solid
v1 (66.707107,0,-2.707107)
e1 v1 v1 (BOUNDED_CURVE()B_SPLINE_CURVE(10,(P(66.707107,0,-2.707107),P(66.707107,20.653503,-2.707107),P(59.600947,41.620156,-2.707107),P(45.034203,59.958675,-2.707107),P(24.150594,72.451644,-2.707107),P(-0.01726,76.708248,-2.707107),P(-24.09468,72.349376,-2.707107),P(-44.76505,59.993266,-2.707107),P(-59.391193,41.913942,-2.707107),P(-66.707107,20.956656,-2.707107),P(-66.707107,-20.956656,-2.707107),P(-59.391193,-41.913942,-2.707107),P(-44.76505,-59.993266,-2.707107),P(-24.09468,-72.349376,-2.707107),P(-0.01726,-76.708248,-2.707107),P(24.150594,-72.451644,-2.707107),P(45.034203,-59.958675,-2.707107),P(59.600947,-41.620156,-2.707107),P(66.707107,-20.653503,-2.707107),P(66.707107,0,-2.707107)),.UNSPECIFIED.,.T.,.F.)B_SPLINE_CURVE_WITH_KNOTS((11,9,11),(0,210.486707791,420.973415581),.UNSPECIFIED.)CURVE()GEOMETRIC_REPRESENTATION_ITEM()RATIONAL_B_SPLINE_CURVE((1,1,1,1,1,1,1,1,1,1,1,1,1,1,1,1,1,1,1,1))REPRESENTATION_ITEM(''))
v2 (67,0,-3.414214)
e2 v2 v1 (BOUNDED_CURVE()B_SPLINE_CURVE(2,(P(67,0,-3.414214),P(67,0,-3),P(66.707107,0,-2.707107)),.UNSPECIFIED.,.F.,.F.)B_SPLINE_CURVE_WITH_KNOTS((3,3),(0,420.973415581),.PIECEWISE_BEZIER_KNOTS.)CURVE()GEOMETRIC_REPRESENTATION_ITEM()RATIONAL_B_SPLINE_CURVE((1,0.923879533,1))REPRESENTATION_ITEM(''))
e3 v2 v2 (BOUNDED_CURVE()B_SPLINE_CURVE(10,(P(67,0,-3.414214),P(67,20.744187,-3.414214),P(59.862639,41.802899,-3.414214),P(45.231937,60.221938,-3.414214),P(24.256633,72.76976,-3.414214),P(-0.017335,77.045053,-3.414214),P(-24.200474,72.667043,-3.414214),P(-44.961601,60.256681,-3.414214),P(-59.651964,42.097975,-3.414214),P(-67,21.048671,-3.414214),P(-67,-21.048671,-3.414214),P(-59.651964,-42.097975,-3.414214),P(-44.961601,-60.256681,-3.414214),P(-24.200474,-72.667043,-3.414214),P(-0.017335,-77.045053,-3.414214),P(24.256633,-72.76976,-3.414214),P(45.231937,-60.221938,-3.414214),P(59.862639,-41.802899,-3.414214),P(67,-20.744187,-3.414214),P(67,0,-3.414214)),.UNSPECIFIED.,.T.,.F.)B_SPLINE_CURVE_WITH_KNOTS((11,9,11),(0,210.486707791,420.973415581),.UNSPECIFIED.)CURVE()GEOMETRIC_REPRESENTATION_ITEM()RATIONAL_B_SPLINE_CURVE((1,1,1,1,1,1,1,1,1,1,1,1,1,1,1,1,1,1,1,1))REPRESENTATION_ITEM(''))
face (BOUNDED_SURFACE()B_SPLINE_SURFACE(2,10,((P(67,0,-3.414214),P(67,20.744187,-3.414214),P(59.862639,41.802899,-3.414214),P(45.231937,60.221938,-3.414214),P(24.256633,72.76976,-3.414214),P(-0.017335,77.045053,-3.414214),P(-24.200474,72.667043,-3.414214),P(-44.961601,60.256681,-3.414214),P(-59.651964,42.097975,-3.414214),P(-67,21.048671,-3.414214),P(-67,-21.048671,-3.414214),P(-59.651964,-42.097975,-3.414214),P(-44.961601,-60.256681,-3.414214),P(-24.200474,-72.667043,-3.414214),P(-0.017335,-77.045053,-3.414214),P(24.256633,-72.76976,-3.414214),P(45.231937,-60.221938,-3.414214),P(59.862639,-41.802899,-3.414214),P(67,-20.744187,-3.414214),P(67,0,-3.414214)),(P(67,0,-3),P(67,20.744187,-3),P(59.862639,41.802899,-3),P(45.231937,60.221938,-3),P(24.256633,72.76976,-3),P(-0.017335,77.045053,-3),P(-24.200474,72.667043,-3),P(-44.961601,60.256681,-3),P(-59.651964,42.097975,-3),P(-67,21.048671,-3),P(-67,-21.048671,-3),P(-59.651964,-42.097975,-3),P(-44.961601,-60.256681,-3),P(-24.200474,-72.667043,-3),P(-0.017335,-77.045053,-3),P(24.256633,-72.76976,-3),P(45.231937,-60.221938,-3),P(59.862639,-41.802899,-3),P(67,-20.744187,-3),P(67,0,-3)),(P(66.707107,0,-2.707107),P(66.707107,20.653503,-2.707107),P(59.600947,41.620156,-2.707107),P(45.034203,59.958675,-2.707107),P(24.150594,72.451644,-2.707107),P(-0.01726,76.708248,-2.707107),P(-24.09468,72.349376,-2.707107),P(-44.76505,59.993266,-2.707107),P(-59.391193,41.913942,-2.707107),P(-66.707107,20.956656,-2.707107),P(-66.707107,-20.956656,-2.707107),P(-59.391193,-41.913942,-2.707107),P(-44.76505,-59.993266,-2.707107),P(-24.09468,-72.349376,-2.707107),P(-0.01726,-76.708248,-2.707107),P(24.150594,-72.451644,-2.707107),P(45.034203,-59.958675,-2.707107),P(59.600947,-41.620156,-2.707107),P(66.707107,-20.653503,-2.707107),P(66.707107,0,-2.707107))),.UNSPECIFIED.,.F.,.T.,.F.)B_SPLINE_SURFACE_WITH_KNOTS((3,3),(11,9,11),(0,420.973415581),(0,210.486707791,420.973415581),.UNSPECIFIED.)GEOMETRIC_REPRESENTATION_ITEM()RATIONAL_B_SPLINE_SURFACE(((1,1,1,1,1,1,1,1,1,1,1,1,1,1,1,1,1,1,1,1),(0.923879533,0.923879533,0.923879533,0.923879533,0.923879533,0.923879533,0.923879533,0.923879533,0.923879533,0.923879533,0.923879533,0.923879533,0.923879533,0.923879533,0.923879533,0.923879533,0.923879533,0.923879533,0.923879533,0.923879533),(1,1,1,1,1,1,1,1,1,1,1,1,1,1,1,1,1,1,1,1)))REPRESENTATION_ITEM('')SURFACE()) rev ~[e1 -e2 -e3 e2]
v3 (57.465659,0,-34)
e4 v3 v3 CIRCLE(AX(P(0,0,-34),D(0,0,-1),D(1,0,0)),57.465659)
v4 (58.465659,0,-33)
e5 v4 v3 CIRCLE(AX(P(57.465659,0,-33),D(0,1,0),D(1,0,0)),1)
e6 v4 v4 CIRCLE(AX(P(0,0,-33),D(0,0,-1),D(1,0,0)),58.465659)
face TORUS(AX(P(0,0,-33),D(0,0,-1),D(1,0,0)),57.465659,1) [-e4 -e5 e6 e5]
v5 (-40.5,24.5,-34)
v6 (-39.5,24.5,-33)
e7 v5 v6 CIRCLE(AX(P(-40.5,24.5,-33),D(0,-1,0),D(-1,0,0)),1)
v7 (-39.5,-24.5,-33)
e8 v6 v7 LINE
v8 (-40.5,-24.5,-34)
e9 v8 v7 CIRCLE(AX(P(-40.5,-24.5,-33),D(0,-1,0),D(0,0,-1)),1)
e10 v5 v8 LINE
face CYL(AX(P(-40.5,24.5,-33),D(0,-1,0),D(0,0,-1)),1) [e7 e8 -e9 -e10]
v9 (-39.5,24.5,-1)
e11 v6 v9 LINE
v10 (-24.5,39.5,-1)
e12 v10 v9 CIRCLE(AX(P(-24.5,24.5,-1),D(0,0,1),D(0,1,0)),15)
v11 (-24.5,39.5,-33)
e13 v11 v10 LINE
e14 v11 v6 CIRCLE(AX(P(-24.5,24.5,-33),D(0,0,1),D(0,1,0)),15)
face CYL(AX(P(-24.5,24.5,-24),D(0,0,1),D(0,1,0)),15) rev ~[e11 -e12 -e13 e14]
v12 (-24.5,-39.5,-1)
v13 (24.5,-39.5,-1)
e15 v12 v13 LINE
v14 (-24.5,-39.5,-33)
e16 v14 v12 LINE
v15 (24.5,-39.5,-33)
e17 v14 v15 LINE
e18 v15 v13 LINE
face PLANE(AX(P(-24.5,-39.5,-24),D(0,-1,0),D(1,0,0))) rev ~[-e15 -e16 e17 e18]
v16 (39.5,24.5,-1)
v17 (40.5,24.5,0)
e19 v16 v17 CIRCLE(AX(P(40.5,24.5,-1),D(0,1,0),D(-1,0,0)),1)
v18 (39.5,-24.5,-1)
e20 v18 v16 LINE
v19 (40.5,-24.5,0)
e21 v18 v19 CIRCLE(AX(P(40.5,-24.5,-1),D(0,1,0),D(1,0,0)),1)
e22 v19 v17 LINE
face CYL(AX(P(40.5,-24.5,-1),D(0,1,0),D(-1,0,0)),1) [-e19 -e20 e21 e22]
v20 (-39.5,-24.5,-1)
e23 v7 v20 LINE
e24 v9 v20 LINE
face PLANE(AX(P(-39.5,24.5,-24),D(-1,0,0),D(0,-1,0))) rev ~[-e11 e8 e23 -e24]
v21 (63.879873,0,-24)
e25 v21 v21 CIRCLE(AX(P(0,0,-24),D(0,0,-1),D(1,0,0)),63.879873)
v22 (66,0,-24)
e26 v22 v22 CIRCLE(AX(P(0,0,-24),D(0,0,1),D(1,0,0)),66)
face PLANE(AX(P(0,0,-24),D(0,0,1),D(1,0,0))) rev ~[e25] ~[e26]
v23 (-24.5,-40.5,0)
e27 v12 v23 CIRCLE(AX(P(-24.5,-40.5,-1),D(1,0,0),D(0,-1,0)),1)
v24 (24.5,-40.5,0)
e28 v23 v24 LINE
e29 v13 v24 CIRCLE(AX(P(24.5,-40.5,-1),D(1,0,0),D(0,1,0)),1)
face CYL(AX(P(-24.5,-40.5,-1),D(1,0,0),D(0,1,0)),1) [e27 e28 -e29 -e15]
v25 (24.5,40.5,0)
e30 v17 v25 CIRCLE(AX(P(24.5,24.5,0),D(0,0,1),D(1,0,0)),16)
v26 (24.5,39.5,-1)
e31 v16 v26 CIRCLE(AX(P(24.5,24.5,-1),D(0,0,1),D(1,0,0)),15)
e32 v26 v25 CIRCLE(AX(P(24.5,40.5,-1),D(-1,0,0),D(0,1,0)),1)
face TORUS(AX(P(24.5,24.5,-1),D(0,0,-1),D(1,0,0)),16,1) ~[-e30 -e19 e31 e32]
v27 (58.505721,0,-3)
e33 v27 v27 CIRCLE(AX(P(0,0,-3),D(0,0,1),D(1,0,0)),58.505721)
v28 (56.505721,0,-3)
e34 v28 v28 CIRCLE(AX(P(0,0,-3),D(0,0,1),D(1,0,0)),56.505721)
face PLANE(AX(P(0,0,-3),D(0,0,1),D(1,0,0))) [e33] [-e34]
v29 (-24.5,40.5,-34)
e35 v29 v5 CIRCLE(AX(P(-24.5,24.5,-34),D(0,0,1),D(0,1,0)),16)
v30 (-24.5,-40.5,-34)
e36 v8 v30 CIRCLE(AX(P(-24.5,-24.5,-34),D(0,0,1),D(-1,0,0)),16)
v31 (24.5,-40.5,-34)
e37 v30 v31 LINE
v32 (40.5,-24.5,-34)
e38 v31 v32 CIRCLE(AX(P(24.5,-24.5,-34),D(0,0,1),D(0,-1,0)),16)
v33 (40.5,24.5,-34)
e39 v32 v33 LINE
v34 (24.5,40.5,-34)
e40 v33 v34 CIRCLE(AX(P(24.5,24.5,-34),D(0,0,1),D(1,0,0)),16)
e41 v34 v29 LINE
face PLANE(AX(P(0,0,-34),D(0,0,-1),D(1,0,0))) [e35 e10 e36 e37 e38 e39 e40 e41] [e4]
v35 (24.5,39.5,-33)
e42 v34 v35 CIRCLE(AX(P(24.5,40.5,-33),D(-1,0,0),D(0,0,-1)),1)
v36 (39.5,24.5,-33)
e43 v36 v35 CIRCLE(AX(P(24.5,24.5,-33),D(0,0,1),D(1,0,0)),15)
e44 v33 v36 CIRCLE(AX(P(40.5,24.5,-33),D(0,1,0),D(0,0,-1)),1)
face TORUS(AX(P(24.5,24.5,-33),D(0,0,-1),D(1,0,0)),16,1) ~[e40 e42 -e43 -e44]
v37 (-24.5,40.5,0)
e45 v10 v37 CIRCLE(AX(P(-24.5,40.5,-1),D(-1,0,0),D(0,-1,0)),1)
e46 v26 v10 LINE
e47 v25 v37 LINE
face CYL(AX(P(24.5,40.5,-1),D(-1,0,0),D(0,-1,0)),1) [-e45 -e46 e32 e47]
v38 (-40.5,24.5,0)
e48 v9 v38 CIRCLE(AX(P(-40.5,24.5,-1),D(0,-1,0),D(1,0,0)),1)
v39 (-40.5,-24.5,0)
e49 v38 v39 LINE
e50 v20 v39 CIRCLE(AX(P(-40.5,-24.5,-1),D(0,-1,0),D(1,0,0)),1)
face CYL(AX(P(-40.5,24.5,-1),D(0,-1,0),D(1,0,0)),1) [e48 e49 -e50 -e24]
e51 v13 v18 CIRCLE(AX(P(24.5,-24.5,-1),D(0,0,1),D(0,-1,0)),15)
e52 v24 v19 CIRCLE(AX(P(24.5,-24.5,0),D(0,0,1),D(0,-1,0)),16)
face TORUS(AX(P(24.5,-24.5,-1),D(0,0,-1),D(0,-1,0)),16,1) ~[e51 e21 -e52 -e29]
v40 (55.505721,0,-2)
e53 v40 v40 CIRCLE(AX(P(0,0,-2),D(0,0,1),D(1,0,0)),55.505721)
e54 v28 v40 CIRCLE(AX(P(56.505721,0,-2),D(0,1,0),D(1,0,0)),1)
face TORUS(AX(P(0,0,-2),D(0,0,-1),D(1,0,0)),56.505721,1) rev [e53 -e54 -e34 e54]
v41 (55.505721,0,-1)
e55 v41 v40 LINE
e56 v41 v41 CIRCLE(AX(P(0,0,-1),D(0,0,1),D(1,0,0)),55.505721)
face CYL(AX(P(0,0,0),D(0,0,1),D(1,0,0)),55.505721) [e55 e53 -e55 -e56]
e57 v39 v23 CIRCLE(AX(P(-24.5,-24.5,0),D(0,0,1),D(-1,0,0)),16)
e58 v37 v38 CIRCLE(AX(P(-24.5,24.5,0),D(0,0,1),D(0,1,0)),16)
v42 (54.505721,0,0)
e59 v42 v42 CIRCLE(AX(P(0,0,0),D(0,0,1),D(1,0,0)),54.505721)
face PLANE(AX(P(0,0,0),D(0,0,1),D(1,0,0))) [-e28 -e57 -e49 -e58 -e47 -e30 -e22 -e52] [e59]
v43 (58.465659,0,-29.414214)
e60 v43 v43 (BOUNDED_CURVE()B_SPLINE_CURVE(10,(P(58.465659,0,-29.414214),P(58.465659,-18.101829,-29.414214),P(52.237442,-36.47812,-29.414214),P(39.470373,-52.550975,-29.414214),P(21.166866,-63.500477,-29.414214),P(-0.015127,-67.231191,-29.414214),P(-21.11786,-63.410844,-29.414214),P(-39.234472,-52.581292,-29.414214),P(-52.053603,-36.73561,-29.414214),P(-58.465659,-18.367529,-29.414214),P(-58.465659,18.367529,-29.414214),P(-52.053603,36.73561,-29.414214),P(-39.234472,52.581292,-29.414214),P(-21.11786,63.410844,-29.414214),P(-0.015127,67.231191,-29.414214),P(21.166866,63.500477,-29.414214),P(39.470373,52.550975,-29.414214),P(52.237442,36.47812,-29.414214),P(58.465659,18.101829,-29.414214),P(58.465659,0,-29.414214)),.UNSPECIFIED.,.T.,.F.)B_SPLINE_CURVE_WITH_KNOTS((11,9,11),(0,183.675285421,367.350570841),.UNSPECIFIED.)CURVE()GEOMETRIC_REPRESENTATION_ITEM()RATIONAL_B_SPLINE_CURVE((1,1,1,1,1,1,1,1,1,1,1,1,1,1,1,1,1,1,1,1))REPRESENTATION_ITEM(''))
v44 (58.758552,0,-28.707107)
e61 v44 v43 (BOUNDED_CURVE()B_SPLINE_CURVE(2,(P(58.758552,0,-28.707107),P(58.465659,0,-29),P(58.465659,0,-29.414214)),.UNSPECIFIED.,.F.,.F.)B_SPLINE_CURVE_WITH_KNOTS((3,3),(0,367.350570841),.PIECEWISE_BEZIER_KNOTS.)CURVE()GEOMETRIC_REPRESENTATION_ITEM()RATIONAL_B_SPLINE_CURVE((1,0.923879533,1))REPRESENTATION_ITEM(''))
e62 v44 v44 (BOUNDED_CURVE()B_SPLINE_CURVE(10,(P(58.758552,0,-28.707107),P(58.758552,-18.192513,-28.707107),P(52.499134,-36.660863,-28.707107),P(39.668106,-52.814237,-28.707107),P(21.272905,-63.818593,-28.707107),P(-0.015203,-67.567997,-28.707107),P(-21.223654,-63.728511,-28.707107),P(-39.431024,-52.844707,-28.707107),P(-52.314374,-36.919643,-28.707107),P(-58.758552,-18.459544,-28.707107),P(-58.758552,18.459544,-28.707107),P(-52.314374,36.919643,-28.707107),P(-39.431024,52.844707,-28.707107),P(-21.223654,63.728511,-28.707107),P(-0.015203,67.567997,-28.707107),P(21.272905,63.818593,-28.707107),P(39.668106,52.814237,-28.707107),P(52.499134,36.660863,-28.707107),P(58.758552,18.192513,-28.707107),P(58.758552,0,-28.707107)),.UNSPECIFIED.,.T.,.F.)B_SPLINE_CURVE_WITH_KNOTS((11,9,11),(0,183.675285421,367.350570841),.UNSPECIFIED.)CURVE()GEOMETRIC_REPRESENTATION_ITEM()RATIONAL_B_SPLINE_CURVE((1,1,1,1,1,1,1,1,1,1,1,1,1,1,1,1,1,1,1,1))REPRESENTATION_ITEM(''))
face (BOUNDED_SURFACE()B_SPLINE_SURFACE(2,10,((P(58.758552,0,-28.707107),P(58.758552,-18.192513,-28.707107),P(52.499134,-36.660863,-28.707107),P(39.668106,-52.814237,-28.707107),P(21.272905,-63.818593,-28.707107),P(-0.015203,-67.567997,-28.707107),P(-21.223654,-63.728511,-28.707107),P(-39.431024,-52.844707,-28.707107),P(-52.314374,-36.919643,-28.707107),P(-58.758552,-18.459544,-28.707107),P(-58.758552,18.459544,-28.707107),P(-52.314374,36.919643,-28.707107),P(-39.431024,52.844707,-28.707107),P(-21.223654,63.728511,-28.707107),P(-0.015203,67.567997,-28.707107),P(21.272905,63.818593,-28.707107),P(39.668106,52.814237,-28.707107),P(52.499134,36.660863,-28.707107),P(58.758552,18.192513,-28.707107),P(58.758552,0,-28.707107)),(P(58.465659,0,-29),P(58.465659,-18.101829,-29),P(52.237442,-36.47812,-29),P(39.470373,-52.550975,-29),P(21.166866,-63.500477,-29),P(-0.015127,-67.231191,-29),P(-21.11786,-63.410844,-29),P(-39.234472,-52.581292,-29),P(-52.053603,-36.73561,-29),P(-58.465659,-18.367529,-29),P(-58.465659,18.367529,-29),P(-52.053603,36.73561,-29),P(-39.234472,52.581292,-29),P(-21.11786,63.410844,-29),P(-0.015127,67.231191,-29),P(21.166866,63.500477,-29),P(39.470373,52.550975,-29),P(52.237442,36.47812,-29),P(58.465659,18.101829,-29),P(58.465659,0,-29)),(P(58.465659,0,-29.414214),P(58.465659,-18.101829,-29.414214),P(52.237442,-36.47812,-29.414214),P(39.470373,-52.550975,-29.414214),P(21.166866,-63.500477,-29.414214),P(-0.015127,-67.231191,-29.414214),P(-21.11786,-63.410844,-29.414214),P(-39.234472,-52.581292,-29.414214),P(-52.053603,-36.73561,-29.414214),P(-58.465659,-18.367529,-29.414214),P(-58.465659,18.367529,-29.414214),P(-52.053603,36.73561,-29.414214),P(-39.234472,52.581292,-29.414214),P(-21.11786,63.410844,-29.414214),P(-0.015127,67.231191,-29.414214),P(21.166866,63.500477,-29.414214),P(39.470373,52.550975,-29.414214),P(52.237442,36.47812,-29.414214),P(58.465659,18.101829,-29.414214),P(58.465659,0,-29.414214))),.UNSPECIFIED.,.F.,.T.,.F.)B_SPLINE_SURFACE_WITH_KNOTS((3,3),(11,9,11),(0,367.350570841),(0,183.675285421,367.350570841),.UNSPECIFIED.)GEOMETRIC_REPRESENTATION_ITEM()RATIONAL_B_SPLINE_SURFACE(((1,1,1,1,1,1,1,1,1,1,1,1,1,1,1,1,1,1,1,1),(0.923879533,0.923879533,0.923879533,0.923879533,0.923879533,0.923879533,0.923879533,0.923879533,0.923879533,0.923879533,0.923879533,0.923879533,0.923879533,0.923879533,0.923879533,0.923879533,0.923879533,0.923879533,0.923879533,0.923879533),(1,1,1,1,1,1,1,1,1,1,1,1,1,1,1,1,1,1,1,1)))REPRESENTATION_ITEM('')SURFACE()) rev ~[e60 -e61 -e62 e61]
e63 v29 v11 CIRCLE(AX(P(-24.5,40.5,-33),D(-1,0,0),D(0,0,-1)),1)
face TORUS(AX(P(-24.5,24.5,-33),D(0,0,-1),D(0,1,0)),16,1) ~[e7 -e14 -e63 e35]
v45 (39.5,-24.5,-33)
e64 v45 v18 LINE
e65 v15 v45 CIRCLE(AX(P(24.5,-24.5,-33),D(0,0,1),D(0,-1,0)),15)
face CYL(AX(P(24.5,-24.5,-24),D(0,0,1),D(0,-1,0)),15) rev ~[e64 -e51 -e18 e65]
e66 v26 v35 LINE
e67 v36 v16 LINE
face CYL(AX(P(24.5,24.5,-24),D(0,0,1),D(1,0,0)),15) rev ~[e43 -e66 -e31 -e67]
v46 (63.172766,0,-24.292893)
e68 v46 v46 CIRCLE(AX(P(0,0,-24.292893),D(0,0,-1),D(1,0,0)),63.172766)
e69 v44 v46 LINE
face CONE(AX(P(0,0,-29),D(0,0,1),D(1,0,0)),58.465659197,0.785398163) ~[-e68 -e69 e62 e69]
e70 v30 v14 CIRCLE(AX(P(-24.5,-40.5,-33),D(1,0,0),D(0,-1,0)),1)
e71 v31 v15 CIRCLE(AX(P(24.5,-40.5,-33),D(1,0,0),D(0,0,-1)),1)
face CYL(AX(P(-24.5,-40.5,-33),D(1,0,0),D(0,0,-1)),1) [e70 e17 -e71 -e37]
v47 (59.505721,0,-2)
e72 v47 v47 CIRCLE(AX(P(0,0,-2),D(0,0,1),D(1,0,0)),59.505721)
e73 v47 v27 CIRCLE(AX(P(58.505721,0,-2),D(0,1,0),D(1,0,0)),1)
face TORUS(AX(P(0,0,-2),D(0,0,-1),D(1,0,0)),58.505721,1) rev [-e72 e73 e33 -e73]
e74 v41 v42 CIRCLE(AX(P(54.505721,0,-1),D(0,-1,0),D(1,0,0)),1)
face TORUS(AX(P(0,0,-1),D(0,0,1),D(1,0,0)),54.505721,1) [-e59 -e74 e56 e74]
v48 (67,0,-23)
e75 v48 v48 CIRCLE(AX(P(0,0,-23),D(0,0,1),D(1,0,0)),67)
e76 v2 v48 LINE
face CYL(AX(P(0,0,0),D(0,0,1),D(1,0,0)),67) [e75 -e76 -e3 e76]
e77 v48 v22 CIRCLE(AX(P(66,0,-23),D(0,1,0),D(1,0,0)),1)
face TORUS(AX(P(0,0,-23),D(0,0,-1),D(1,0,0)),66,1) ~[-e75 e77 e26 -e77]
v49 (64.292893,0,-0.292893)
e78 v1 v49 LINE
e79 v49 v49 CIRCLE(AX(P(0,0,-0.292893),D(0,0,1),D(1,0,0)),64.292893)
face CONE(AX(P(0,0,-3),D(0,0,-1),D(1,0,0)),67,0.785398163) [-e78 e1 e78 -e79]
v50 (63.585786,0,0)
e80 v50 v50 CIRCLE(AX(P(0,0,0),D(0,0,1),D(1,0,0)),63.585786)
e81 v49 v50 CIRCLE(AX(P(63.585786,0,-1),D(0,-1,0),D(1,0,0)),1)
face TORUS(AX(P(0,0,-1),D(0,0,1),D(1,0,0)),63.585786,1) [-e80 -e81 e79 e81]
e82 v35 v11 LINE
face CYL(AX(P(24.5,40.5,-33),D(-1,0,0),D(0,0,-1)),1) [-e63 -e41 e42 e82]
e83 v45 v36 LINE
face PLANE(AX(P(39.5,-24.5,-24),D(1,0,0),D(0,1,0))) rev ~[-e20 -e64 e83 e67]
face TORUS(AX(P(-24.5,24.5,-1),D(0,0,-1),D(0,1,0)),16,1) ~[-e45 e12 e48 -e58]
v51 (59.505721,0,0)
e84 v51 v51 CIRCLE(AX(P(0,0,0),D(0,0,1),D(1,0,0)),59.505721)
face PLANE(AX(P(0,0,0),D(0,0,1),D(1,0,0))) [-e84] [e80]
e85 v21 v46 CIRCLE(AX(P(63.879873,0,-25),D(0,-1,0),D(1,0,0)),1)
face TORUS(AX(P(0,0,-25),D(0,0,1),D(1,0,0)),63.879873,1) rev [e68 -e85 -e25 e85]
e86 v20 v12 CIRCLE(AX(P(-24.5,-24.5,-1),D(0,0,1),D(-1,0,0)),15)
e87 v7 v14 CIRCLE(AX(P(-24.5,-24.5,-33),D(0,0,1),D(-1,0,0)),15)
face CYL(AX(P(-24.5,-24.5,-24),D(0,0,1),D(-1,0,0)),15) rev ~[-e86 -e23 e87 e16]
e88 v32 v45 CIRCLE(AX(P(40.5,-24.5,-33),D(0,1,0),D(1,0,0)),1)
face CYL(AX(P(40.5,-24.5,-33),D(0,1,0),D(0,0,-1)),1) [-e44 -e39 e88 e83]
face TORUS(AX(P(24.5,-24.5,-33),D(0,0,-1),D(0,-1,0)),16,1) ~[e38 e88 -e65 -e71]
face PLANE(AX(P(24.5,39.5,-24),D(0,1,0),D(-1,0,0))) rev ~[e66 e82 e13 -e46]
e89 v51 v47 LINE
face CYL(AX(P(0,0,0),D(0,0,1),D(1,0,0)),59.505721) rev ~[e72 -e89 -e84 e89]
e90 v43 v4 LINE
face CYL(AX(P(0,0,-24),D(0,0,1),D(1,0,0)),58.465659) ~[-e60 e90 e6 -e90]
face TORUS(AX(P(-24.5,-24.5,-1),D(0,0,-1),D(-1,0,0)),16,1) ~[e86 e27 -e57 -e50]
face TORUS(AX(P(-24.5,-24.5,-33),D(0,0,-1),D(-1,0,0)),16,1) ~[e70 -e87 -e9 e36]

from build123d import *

# Parameters (mm, degrees)
SKETCH1_R           = 67
BOSS_EXTRUDE1_DEPTH = 24
SKETCH1_4_R         = 59.505720785
SKETCH1_4_R_2       = 55.505720785
CUT_EXTRUDE1_DEPTH  = 3
SKETCH2_R           = 58.465659197
BOSS_EXTRUDE2_DEPTH = 10
CHAMFER1_SIZE       = 5
CHAMFER2_SIZE       = 3
FILLET1_R           = 1


with BuildPart() as part:
    # Sketch1 → Boss-Extrude1 (new body)
    with BuildSketch(Plane.XY):
        Circle(SKETCH1_R)
        with BuildLine():
            Line((-24.5, 39.5), (24.5, 39.5))
            ThreePointArc((24.5, 39.5), (35.106601718, 35.106601718), (39.5, 24.5))
            Line((39.5, 24.5), (39.5, -24.5))
            ThreePointArc((39.5, -24.5), (35.106601718, -35.106601718), (24.5, -39.5))
            Line((24.5, -39.5), (-24.5, -39.5))
            ThreePointArc((-24.5, -39.5), (-35.106601718, -35.106601718), (-39.5, -24.5))
            Line((-39.5, -24.5), (-39.5, 24.5))
            ThreePointArc((-39.5, 24.5), (-35.106601718, 35.106601718), (-24.5, 39.5))
        make_face(mode=Mode.SUBTRACT)
    extrude(amount=-BOSS_EXTRUDE1_DEPTH)

    # Sketch1<4> → Cut-Extrude1 (cut)
    with BuildSketch(Plane.XY):
        Circle(SKETCH1_4_R)
        Circle(SKETCH1_4_R_2, mode=Mode.SUBTRACT)
    extrude(amount=-CUT_EXTRUDE1_DEPTH, mode=Mode.SUBTRACT)

    # Sketch2 → Boss-Extrude2 (add)
    with BuildSketch(Plane(origin=(0, 0, -24), x_dir=(-1, 0, 0), z_dir=(0, 0, -1))):
        Circle(SKETCH2_R)
        with BuildLine():
            ThreePointArc((39.5, -24.5), (35.106601718, -35.106601718), (24.5, -39.5))
            Line((24.5, -39.5), (-24.5, -39.5))
            ThreePointArc((-24.5, -39.5), (-35.106601718, -35.106601718), (-39.5, -24.5))
            Line((-39.5, -24.5), (-39.5, 24.5))
            ThreePointArc((-39.5, 24.5), (-35.106601718, 35.106601718), (-24.5, 39.5))
            Line((-24.5, 39.5), (24.5, 39.5))
            ThreePointArc((24.5, 39.5), (35.106601718, 35.106601718), (39.5, 24.5))
            Line((39.5, 24.5), (39.5, -24.5))
        make_face(mode=Mode.SUBTRACT)
    extrude(amount=BOSS_EXTRUDE2_DEPTH)

    # Chamfer1
    chamfer1_edges = [part.edges().sort_by_distance(p)[0] for p in [
        (58.465659197, 0, -24),
    ]]
    chamfer(chamfer1_edges, length=CHAMFER1_SIZE)

    # Chamfer2
    chamfer2_edges = [part.edges().sort_by_distance(p)[0] for p in [
        (-67, 0, 0),
    ]]
    chamfer(chamfer2_edges, length=CHAMFER2_SIZE)

    # Fillet1
    fillet1_edges = [part.edges().sort_by_distance(p)[0] for p in [
        (35.106601718, 35.106601718, -34),
        (39.5, 0, -34),
        (35.106601718, -35.106601718, -34),
        (0, -39.5, -34),
        (-35.106601718, -35.106601718, -34),
        (-39.5, 0, -34),
        (-35.106601718, 35.106601718, -34),
        (0, 39.5, 0),
        (-35.106601718, 35.106601718, 0),
        (-39.5, 0, 0),
        (-35.106601718, -35.106601718, 0),
        (0, -39.5, 0),
        (35.106601718, -35.106601718, 0),
        (39.5, 0, 0),
        (-64, 0, 0),
        (-59.505720785, 0, -3),
        (-55.505720785, 0, -3),
        (0, 39.5, -34),
        (58.465659197, 0, -34),
        (58.465659197, 0, -29),
        (63.465659197, 0, -24),
        (-67, 0, -24),
        (35.106601718, 35.106601718, 0),
        (-55.505720785, 0, 0),
        (-67, 0, -3),
    ]]
    fillet(fillet1_edges, radius=FILLET1_R)


solid = part.part
